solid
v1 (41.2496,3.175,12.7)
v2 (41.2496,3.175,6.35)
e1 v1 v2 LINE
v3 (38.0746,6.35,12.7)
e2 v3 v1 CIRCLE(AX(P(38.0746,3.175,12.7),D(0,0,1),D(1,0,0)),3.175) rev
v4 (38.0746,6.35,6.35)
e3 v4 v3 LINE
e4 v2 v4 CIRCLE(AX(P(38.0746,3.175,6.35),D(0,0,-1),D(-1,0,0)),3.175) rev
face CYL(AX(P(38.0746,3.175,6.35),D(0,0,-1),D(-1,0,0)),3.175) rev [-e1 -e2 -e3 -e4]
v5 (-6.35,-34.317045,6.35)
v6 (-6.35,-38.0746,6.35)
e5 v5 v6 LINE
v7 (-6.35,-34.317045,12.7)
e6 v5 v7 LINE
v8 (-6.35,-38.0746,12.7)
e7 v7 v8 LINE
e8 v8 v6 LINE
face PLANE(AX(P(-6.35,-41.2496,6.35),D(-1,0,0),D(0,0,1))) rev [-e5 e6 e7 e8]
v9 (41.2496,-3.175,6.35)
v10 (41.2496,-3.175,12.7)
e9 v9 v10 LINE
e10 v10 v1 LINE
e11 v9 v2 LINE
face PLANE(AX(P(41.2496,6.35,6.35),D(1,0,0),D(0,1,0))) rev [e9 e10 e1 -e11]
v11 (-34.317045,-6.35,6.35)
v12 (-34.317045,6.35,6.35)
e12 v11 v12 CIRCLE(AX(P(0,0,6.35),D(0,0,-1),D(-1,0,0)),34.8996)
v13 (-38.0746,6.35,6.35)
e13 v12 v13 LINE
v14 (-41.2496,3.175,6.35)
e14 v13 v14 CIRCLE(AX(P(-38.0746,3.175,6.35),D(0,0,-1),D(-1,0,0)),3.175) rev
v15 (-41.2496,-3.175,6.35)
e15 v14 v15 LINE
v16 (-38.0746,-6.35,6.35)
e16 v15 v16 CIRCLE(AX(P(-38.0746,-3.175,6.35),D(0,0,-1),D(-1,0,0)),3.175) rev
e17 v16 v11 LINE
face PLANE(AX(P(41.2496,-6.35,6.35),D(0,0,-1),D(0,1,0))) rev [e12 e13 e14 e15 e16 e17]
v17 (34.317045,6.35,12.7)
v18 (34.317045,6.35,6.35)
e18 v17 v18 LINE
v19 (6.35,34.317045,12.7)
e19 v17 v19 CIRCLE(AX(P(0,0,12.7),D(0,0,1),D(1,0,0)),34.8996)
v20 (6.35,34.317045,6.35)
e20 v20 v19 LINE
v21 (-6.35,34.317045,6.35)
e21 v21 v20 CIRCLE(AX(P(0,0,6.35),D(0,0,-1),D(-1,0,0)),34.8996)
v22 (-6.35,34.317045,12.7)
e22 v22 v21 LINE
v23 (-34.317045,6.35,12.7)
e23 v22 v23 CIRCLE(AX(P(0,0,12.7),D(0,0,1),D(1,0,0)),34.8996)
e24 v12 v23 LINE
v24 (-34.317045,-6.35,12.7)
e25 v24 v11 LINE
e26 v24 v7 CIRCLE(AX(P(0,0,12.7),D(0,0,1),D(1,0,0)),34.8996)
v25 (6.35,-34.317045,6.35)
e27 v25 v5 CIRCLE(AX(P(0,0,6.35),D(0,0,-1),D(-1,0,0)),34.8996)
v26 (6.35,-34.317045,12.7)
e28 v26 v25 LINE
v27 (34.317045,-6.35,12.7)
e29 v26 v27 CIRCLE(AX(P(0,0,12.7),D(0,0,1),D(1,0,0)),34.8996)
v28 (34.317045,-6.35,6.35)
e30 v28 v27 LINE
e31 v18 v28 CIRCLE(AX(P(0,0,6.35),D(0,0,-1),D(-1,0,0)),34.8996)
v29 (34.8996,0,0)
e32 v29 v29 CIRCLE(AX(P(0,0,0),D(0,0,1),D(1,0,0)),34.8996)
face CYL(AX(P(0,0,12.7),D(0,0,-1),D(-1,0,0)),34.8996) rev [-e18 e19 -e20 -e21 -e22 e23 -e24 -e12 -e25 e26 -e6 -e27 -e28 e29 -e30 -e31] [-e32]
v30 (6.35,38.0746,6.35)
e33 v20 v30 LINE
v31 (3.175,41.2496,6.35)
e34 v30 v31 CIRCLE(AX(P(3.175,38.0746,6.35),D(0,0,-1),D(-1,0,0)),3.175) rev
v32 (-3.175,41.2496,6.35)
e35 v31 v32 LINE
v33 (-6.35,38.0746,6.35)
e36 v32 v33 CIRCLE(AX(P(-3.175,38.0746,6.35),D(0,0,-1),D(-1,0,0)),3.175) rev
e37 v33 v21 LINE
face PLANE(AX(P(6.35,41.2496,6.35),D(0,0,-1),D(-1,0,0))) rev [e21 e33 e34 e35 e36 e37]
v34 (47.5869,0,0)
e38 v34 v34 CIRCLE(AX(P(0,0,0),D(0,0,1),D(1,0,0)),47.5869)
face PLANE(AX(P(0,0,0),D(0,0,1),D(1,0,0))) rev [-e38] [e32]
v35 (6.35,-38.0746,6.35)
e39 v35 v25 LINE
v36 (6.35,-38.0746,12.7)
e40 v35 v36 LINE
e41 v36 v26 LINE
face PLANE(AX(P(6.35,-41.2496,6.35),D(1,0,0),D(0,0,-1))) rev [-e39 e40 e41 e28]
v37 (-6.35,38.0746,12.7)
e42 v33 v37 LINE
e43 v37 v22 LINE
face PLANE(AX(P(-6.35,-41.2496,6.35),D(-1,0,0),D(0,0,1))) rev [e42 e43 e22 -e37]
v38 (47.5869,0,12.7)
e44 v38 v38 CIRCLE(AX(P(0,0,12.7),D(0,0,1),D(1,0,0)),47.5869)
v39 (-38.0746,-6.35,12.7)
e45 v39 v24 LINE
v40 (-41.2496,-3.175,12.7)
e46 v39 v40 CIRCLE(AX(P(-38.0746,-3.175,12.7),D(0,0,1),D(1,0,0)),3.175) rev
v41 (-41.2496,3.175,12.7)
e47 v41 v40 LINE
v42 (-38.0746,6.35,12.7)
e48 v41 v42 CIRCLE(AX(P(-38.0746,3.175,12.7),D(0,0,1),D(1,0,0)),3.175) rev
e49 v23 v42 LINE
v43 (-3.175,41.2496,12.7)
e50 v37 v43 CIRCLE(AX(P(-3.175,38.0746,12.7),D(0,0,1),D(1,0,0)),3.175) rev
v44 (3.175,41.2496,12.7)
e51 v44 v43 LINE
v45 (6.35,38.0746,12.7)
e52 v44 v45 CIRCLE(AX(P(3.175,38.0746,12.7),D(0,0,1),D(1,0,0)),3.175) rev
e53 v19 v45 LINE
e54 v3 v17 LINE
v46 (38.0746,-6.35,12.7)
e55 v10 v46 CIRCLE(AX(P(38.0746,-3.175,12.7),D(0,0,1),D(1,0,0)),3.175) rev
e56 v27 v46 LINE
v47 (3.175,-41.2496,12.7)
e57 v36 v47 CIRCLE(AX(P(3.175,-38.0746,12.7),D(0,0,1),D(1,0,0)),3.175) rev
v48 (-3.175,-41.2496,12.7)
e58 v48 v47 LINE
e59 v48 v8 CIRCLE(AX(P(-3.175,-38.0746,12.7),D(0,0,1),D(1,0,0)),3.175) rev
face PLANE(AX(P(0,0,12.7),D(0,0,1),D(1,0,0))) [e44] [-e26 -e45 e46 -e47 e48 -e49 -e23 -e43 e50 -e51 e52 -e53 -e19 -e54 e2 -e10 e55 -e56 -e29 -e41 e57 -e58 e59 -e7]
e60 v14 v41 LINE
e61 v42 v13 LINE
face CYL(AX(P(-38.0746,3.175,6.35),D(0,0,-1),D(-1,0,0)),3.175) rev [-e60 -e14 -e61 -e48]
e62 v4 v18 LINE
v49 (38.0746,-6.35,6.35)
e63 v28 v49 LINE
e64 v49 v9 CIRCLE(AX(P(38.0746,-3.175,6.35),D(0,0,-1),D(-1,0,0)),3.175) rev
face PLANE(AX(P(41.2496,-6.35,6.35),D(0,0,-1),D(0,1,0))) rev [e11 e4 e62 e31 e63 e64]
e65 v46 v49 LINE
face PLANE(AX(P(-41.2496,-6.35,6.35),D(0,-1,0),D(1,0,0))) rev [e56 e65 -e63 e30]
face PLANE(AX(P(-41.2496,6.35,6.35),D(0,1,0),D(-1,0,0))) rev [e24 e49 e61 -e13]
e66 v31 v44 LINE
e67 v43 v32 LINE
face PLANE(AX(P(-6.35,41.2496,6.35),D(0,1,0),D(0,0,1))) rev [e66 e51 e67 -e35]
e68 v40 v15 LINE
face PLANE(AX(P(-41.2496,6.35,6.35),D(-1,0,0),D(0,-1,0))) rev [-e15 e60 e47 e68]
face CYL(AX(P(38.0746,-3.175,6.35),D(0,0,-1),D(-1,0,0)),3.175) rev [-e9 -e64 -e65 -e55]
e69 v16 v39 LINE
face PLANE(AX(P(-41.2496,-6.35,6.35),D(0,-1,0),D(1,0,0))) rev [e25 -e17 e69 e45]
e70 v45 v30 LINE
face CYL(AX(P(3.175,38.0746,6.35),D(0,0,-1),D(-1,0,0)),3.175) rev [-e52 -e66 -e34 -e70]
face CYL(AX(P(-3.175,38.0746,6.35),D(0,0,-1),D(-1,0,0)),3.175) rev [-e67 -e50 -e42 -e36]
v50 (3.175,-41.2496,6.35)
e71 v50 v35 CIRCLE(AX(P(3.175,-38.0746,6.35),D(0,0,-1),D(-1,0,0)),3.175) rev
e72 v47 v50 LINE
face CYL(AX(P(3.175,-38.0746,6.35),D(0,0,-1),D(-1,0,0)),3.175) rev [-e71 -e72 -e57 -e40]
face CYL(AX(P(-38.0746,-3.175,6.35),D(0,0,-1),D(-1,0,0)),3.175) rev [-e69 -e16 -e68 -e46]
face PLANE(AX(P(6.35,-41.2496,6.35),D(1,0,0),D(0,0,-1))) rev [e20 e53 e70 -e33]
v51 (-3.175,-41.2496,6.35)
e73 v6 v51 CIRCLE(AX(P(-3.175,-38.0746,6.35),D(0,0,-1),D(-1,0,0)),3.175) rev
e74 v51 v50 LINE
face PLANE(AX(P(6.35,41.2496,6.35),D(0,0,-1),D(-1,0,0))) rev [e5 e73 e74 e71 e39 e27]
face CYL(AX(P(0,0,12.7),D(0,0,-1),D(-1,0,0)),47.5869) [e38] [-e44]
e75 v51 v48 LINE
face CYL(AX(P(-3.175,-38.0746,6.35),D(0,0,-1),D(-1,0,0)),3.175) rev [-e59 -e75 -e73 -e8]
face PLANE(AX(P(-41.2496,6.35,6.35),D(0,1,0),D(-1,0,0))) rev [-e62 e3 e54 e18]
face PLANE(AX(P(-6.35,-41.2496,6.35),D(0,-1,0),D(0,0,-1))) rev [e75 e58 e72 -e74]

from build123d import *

# Parameters (mm, degrees)
SKETCH1_R                = 47.5869
SKETCH1_R_2              = 34.8996
BOSS_EXTRUDE1_DEPTH      = 12.7
SKETCH2_W                = 12.7
SKETCH2_H                = 82.4992
CUT_EXTRUDE1_DEPTH       = 6.35
FILLET1_R                = 3.175
CIRPATTERN1_COUNT        = 2
CIRPATTERN1_ANGLE        = 90
FILLET1_OF_CIRPATTERN1_R = 3.175


with BuildPart() as part:
    # Sketch1 → Boss-Extrude1 (new body)
    with BuildSketch(Plane.XY):
        Circle(SKETCH1_R)
        Circle(SKETCH1_R_2, mode=Mode.SUBTRACT)
    extrude(amount=BOSS_EXTRUDE1_DEPTH)

    # Sketch2 → Cut-Extrude1 (cut)
    with BuildSketch(Plane.XY.offset(12.7)):
        Rectangle(SKETCH2_W, SKETCH2_H)
    cut_extrude1 = extrude(amount=-CUT_EXTRUDE1_DEPTH, mode=Mode.SUBTRACT)

    # Fillet1
    fillet1_edges = [part.edges().sort_by_distance(p)[0] for p in [
        (6.35, 41.2496, 9.525),
        (6.35, -41.2496, 9.525),
        (-6.35, -41.2496, 9.525),
        (-6.35, 41.2496, 9.525),
    ]]
    fillet(fillet1_edges, radius=FILLET1_R)

    # CirPattern1: Cut-Extrude1 ×2 about axis
    cirpattern1_axis = Axis((0, 0, 0), (0, 0, -1))
    for i in range(1, CIRPATTERN1_COUNT):
        add(cut_extrude1.rotate(cirpattern1_axis, i * CIRPATTERN1_ANGLE / (CIRPATTERN1_COUNT - 1)), mode=Mode.SUBTRACT)

    # Fillet1 of CirPattern1
    fillet1_of_cirpattern1_edges = [part.edges().sort_by_distance(p)[0] for p in [
        (41.2496, -6.35, 9.525),
        (-41.2496, -6.35, 9.525),
        (-41.2496, 6.35, 9.525),
        (41.2496, 6.35, 9.525),
    ]]
    fillet(fillet1_of_cirpattern1_edges, radius=FILLET1_OF_CIRPATTERN1_R)


solid = part.part
